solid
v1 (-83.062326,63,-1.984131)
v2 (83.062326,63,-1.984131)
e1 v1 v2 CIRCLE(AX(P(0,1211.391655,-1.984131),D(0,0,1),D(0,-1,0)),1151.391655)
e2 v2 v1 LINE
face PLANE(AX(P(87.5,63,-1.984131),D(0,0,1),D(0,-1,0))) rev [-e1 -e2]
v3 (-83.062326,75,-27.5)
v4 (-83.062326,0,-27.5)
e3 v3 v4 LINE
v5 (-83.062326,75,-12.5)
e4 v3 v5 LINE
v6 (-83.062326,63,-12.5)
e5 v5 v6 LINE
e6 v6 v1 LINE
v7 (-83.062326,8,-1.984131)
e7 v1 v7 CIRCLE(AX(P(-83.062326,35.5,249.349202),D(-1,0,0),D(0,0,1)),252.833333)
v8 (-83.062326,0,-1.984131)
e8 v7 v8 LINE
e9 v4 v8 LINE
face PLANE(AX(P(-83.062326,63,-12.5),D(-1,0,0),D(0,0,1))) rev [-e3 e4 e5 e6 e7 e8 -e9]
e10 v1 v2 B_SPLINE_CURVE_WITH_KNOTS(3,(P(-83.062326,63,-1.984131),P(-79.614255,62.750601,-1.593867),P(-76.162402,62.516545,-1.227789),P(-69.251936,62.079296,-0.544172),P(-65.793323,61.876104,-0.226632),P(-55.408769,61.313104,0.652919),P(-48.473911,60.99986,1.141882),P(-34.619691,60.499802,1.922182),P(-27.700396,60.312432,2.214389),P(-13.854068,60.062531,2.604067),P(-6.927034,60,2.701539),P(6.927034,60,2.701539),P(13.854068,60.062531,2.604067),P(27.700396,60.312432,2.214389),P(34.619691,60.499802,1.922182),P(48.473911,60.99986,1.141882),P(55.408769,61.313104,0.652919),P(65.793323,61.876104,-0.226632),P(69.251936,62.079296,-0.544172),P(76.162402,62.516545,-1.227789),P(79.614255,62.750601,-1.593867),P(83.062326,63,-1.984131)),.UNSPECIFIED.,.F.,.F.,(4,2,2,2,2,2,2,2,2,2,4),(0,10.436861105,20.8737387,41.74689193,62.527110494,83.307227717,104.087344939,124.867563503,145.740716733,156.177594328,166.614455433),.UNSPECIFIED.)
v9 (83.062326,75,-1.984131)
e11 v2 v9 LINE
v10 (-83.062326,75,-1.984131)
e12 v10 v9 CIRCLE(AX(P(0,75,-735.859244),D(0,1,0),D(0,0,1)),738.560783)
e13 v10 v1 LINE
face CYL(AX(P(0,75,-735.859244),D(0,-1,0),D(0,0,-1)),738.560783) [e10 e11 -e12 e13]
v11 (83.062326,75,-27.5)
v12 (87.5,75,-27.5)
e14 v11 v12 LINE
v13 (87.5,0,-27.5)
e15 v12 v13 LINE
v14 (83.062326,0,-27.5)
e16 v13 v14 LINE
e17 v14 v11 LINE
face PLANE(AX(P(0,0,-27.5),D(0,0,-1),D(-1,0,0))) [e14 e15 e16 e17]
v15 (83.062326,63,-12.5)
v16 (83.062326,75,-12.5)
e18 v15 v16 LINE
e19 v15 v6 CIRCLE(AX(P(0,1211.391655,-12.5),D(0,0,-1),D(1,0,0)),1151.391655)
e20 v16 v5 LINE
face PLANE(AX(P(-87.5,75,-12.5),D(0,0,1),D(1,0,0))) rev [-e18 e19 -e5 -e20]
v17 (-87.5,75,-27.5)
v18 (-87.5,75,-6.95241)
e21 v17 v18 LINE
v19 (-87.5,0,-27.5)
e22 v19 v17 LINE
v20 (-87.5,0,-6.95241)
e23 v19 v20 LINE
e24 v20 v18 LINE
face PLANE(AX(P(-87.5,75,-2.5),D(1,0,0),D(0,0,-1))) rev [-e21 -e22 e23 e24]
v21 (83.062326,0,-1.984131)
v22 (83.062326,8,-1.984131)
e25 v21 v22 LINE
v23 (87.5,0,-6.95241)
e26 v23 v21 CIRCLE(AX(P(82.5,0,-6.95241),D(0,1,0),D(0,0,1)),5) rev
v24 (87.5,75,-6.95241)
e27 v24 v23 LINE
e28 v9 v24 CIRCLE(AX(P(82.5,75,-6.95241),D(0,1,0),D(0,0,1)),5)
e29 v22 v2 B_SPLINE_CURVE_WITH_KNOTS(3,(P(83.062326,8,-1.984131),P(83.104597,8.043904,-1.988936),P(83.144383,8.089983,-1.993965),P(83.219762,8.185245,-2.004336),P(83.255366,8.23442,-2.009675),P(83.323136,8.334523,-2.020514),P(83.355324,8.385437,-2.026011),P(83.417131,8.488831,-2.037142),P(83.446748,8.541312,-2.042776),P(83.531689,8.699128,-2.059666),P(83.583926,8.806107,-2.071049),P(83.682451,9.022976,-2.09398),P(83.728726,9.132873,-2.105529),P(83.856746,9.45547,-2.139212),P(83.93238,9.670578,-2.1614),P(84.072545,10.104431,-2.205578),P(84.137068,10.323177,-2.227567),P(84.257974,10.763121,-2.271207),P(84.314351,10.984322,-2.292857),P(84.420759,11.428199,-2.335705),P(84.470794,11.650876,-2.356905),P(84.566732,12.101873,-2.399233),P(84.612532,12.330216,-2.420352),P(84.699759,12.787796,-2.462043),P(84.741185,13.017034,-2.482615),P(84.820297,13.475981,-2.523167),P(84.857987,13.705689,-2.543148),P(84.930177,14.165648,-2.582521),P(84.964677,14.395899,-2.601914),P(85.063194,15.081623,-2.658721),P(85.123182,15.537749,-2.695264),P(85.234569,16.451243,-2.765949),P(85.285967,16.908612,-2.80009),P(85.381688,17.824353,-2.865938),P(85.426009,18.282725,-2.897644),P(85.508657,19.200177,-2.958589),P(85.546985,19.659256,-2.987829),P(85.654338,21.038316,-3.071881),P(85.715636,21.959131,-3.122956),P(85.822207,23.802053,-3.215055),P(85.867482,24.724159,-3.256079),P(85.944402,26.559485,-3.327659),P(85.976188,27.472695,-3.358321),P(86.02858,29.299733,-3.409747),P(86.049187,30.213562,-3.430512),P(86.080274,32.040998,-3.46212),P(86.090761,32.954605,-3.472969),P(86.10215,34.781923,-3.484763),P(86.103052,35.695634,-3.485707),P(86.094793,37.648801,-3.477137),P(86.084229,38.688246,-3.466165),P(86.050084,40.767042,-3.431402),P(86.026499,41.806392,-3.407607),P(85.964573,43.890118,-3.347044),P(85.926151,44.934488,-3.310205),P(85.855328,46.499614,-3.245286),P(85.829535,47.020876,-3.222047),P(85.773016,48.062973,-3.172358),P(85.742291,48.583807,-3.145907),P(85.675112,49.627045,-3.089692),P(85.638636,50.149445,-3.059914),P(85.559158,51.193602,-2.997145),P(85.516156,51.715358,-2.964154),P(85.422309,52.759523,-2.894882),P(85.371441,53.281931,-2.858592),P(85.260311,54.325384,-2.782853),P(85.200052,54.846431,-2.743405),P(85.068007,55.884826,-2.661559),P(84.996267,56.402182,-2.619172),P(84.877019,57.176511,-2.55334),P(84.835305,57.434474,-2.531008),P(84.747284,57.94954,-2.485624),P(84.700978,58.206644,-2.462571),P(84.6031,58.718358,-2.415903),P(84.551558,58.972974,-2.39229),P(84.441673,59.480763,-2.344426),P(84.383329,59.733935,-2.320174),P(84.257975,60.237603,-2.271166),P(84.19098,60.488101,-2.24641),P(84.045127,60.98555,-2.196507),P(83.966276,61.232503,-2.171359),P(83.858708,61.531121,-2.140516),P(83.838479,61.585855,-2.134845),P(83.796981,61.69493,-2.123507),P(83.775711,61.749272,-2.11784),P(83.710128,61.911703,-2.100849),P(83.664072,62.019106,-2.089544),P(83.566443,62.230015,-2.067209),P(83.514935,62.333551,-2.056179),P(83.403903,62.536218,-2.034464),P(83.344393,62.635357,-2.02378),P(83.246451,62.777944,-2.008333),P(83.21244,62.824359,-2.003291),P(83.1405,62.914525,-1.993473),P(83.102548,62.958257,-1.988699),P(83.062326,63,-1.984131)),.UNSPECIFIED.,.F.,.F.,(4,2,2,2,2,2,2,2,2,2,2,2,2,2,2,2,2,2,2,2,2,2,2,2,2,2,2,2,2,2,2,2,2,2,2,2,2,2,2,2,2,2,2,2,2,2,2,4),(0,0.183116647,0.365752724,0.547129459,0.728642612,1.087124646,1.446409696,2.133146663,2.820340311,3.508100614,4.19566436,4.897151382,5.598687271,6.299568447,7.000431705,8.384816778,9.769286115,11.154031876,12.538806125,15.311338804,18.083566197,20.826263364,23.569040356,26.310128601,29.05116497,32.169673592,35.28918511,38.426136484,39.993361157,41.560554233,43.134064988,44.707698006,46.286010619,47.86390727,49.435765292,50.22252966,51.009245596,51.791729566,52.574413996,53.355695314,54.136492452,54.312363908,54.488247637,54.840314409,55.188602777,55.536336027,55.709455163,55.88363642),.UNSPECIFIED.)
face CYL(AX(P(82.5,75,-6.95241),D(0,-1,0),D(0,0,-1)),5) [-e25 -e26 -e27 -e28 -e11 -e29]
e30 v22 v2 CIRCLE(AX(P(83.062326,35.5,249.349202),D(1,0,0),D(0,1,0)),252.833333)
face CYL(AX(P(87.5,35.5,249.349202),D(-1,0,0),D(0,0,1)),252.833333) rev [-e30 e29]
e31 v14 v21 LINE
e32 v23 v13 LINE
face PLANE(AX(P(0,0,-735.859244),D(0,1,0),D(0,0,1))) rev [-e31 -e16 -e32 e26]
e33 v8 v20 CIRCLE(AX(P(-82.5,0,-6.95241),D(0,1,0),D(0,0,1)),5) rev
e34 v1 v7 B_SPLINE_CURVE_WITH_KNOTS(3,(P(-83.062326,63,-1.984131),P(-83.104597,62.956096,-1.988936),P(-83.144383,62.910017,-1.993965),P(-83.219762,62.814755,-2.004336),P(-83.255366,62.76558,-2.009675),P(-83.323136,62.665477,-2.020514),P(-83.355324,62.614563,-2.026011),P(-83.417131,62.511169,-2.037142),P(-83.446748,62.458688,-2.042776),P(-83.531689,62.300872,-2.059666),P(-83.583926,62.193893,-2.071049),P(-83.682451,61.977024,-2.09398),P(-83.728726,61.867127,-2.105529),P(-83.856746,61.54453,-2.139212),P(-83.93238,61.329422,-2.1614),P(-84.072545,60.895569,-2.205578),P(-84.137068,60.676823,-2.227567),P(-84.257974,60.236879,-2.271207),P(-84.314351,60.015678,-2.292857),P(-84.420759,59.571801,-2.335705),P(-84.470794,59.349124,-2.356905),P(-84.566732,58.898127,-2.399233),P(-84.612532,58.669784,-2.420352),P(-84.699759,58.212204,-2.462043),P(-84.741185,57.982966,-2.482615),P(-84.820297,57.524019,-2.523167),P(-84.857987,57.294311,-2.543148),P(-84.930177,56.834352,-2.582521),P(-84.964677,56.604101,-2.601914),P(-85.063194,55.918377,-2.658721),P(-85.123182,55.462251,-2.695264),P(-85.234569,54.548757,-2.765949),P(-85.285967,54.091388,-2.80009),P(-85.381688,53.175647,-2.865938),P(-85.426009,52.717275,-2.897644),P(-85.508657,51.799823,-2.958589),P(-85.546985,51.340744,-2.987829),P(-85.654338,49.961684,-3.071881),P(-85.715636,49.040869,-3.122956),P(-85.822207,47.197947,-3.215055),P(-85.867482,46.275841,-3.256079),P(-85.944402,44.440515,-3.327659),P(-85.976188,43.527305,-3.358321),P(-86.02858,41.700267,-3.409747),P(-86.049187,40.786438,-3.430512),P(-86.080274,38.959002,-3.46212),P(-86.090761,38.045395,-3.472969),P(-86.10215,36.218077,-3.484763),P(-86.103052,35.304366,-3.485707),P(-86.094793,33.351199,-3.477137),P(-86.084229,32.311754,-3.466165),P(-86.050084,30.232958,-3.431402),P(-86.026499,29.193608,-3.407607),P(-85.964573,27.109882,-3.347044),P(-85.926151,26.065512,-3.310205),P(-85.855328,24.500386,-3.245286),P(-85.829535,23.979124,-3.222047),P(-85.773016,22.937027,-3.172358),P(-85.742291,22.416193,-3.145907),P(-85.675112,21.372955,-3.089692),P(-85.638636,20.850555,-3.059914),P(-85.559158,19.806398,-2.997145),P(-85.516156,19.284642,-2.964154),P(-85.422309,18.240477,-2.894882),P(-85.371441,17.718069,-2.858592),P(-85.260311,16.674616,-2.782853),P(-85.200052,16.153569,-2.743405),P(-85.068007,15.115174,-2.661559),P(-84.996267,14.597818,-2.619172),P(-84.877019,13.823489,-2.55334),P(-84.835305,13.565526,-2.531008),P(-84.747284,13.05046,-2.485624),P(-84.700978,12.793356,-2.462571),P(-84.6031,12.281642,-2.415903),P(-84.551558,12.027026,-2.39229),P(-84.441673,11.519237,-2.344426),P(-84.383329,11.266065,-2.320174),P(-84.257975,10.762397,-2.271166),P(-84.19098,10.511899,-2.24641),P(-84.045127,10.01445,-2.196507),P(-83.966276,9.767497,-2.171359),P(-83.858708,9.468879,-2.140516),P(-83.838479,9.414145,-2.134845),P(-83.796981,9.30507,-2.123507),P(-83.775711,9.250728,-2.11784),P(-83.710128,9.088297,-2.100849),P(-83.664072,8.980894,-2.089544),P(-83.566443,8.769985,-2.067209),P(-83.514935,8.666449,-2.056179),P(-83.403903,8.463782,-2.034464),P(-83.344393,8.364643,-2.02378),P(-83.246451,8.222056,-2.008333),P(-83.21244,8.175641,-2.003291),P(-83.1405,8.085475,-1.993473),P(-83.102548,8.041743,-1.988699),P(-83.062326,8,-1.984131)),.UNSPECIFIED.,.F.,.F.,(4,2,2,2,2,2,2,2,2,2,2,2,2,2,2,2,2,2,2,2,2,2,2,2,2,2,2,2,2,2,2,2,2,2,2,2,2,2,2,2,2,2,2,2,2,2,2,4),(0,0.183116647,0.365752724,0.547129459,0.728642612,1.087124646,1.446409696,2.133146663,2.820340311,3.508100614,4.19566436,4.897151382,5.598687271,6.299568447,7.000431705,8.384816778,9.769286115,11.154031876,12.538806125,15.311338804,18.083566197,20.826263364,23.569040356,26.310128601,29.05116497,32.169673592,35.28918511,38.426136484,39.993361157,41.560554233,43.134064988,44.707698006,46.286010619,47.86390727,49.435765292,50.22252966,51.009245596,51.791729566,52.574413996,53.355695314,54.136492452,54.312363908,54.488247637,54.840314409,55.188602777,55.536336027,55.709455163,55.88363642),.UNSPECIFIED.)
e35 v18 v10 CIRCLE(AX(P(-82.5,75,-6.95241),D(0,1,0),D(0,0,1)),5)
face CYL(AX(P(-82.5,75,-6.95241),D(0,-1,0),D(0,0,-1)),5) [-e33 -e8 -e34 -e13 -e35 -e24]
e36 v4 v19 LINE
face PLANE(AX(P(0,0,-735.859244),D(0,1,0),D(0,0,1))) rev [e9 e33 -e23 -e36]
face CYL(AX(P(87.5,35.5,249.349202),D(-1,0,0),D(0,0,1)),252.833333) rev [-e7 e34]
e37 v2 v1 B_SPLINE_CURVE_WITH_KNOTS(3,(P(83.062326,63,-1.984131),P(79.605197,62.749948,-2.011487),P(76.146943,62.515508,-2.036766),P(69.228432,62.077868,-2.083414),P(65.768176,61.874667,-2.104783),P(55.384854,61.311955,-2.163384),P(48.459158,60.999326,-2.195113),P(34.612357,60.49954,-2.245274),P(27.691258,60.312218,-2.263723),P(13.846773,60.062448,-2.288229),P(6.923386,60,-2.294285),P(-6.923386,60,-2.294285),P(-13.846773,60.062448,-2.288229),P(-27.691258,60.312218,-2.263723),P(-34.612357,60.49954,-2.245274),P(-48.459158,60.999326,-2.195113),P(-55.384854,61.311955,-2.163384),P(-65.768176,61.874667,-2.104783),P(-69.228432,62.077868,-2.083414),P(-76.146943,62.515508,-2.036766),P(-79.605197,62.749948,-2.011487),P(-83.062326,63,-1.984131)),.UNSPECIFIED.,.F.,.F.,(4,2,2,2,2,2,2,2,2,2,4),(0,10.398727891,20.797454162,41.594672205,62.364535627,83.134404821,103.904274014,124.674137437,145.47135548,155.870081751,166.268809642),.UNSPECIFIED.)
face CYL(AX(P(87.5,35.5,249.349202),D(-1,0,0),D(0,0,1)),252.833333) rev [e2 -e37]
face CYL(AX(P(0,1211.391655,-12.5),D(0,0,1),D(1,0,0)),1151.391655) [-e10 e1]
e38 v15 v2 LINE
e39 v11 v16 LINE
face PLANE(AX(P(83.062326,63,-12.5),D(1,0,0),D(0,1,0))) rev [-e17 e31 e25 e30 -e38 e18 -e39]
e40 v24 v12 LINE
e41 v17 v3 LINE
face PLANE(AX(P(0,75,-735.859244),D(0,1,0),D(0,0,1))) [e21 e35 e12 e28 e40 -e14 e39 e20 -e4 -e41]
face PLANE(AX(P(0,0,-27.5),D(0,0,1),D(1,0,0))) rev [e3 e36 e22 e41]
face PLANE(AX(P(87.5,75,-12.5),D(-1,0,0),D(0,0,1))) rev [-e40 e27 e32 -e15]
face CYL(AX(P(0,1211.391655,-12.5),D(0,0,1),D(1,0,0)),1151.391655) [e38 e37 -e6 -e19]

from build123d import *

# Parameters (mm, degrees)
BOSS_EXTRUDE1_DEPTH     = 75
FILLET1_R               = 5
CUT_EXTRUDE1_DEPTH      = 3.701539391
CUT_EXTRUDE1_DEPTH_BACK = 13.5
CUT_EXTRUDE2_DEPTH      = 1
CUT_EXTRUDE2_DEPTH_BACK = 176
SKETCH4_W               = 4.43767441
SKETCH4_H               = 75
BOSS_EXTRUDE2_DEPTH     = 15


with BuildPart() as part:
    # Sketch1 → Boss-Extrude1 (new body)
    with BuildSketch(Plane(origin=(0, 0, 0), x_dir=(1, 0, 0), z_dir=(0, 1, 0))):
        with BuildLine():
            Line((-87.5, 2.5), (-87.5, 12.5))
            Line((-87.5, 12.5), (87.5, 12.5))
            Line((87.5, 12.5), (87.5, 2.5))
            ThreePointArc((87.5, 2.5), (0, -2.701539391), (-87.5, 2.5))
        make_face()
    extrude(amount=BOSS_EXTRUDE1_DEPTH)

    # Fillet1
    fillet1_edges = [part.edges().sort_by_distance(p)[0] for p in [
        (-87.5, 37.5, -2.5),
        (87.5, 37.5, -2.5),
    ]]
    fillet(fillet1_edges, radius=FILLET1_R)

    # Sketch2 → Cut-Extrude1 (cut, two sides)
    with BuildSketch(Plane.XY) as cut_extrude1_sk:
        with BuildLine():
            Line((-83.06232559, 63), (-83.06232559, 0))
            Line((-83.06232559, 0), (83.06232559, 0))
            Line((83.06232559, 0), (83.06232559, 63))
            ThreePointArc((83.06232559, 63), (0, 60), (-83.06232559, 63))
        make_face()
    extrude(amount=CUT_EXTRUDE1_DEPTH, mode=Mode.SUBTRACT)
    extrude(cut_extrude1_sk.sketch, amount=-CUT_EXTRUDE1_DEPTH_BACK, mode=Mode.SUBTRACT)

    # Sketch3 → Cut-Extrude2 (cut, two sides)
    with BuildSketch(Plane.ZY.offset(87.5)) as cut_extrude2_sk:
        with BuildLine():
            Line((-1.984131445, 63), (-1.984131445, 8))
            ThreePointArc((-1.984131445, 8), (-3.484131445, 35.5), (-1.984131445, 63))
        make_face()
    extrude(amount=CUT_EXTRUDE2_DEPTH, mode=Mode.SUBTRACT)
    extrude(cut_extrude2_sk.sketch, amount=-CUT_EXTRUDE2_DEPTH_BACK, mode=Mode.SUBTRACT)

    # Sketch4 → Boss-Extrude2 (add)
    with BuildSketch(Plane(origin=(0, 0, -12.5), x_dir=(-1, 0, 0), z_dir=(0, 0, -1))):
        with Locations((-85.281162795, 37.5)):
            Rectangle(SKETCH4_W, SKETCH4_H)
        with Locations((85.281162795, 37.5)):
            Rectangle(SKETCH4_W, SKETCH4_H)
    extrude(amount=BOSS_EXTRUDE2_DEPTH)


solid = part.part
